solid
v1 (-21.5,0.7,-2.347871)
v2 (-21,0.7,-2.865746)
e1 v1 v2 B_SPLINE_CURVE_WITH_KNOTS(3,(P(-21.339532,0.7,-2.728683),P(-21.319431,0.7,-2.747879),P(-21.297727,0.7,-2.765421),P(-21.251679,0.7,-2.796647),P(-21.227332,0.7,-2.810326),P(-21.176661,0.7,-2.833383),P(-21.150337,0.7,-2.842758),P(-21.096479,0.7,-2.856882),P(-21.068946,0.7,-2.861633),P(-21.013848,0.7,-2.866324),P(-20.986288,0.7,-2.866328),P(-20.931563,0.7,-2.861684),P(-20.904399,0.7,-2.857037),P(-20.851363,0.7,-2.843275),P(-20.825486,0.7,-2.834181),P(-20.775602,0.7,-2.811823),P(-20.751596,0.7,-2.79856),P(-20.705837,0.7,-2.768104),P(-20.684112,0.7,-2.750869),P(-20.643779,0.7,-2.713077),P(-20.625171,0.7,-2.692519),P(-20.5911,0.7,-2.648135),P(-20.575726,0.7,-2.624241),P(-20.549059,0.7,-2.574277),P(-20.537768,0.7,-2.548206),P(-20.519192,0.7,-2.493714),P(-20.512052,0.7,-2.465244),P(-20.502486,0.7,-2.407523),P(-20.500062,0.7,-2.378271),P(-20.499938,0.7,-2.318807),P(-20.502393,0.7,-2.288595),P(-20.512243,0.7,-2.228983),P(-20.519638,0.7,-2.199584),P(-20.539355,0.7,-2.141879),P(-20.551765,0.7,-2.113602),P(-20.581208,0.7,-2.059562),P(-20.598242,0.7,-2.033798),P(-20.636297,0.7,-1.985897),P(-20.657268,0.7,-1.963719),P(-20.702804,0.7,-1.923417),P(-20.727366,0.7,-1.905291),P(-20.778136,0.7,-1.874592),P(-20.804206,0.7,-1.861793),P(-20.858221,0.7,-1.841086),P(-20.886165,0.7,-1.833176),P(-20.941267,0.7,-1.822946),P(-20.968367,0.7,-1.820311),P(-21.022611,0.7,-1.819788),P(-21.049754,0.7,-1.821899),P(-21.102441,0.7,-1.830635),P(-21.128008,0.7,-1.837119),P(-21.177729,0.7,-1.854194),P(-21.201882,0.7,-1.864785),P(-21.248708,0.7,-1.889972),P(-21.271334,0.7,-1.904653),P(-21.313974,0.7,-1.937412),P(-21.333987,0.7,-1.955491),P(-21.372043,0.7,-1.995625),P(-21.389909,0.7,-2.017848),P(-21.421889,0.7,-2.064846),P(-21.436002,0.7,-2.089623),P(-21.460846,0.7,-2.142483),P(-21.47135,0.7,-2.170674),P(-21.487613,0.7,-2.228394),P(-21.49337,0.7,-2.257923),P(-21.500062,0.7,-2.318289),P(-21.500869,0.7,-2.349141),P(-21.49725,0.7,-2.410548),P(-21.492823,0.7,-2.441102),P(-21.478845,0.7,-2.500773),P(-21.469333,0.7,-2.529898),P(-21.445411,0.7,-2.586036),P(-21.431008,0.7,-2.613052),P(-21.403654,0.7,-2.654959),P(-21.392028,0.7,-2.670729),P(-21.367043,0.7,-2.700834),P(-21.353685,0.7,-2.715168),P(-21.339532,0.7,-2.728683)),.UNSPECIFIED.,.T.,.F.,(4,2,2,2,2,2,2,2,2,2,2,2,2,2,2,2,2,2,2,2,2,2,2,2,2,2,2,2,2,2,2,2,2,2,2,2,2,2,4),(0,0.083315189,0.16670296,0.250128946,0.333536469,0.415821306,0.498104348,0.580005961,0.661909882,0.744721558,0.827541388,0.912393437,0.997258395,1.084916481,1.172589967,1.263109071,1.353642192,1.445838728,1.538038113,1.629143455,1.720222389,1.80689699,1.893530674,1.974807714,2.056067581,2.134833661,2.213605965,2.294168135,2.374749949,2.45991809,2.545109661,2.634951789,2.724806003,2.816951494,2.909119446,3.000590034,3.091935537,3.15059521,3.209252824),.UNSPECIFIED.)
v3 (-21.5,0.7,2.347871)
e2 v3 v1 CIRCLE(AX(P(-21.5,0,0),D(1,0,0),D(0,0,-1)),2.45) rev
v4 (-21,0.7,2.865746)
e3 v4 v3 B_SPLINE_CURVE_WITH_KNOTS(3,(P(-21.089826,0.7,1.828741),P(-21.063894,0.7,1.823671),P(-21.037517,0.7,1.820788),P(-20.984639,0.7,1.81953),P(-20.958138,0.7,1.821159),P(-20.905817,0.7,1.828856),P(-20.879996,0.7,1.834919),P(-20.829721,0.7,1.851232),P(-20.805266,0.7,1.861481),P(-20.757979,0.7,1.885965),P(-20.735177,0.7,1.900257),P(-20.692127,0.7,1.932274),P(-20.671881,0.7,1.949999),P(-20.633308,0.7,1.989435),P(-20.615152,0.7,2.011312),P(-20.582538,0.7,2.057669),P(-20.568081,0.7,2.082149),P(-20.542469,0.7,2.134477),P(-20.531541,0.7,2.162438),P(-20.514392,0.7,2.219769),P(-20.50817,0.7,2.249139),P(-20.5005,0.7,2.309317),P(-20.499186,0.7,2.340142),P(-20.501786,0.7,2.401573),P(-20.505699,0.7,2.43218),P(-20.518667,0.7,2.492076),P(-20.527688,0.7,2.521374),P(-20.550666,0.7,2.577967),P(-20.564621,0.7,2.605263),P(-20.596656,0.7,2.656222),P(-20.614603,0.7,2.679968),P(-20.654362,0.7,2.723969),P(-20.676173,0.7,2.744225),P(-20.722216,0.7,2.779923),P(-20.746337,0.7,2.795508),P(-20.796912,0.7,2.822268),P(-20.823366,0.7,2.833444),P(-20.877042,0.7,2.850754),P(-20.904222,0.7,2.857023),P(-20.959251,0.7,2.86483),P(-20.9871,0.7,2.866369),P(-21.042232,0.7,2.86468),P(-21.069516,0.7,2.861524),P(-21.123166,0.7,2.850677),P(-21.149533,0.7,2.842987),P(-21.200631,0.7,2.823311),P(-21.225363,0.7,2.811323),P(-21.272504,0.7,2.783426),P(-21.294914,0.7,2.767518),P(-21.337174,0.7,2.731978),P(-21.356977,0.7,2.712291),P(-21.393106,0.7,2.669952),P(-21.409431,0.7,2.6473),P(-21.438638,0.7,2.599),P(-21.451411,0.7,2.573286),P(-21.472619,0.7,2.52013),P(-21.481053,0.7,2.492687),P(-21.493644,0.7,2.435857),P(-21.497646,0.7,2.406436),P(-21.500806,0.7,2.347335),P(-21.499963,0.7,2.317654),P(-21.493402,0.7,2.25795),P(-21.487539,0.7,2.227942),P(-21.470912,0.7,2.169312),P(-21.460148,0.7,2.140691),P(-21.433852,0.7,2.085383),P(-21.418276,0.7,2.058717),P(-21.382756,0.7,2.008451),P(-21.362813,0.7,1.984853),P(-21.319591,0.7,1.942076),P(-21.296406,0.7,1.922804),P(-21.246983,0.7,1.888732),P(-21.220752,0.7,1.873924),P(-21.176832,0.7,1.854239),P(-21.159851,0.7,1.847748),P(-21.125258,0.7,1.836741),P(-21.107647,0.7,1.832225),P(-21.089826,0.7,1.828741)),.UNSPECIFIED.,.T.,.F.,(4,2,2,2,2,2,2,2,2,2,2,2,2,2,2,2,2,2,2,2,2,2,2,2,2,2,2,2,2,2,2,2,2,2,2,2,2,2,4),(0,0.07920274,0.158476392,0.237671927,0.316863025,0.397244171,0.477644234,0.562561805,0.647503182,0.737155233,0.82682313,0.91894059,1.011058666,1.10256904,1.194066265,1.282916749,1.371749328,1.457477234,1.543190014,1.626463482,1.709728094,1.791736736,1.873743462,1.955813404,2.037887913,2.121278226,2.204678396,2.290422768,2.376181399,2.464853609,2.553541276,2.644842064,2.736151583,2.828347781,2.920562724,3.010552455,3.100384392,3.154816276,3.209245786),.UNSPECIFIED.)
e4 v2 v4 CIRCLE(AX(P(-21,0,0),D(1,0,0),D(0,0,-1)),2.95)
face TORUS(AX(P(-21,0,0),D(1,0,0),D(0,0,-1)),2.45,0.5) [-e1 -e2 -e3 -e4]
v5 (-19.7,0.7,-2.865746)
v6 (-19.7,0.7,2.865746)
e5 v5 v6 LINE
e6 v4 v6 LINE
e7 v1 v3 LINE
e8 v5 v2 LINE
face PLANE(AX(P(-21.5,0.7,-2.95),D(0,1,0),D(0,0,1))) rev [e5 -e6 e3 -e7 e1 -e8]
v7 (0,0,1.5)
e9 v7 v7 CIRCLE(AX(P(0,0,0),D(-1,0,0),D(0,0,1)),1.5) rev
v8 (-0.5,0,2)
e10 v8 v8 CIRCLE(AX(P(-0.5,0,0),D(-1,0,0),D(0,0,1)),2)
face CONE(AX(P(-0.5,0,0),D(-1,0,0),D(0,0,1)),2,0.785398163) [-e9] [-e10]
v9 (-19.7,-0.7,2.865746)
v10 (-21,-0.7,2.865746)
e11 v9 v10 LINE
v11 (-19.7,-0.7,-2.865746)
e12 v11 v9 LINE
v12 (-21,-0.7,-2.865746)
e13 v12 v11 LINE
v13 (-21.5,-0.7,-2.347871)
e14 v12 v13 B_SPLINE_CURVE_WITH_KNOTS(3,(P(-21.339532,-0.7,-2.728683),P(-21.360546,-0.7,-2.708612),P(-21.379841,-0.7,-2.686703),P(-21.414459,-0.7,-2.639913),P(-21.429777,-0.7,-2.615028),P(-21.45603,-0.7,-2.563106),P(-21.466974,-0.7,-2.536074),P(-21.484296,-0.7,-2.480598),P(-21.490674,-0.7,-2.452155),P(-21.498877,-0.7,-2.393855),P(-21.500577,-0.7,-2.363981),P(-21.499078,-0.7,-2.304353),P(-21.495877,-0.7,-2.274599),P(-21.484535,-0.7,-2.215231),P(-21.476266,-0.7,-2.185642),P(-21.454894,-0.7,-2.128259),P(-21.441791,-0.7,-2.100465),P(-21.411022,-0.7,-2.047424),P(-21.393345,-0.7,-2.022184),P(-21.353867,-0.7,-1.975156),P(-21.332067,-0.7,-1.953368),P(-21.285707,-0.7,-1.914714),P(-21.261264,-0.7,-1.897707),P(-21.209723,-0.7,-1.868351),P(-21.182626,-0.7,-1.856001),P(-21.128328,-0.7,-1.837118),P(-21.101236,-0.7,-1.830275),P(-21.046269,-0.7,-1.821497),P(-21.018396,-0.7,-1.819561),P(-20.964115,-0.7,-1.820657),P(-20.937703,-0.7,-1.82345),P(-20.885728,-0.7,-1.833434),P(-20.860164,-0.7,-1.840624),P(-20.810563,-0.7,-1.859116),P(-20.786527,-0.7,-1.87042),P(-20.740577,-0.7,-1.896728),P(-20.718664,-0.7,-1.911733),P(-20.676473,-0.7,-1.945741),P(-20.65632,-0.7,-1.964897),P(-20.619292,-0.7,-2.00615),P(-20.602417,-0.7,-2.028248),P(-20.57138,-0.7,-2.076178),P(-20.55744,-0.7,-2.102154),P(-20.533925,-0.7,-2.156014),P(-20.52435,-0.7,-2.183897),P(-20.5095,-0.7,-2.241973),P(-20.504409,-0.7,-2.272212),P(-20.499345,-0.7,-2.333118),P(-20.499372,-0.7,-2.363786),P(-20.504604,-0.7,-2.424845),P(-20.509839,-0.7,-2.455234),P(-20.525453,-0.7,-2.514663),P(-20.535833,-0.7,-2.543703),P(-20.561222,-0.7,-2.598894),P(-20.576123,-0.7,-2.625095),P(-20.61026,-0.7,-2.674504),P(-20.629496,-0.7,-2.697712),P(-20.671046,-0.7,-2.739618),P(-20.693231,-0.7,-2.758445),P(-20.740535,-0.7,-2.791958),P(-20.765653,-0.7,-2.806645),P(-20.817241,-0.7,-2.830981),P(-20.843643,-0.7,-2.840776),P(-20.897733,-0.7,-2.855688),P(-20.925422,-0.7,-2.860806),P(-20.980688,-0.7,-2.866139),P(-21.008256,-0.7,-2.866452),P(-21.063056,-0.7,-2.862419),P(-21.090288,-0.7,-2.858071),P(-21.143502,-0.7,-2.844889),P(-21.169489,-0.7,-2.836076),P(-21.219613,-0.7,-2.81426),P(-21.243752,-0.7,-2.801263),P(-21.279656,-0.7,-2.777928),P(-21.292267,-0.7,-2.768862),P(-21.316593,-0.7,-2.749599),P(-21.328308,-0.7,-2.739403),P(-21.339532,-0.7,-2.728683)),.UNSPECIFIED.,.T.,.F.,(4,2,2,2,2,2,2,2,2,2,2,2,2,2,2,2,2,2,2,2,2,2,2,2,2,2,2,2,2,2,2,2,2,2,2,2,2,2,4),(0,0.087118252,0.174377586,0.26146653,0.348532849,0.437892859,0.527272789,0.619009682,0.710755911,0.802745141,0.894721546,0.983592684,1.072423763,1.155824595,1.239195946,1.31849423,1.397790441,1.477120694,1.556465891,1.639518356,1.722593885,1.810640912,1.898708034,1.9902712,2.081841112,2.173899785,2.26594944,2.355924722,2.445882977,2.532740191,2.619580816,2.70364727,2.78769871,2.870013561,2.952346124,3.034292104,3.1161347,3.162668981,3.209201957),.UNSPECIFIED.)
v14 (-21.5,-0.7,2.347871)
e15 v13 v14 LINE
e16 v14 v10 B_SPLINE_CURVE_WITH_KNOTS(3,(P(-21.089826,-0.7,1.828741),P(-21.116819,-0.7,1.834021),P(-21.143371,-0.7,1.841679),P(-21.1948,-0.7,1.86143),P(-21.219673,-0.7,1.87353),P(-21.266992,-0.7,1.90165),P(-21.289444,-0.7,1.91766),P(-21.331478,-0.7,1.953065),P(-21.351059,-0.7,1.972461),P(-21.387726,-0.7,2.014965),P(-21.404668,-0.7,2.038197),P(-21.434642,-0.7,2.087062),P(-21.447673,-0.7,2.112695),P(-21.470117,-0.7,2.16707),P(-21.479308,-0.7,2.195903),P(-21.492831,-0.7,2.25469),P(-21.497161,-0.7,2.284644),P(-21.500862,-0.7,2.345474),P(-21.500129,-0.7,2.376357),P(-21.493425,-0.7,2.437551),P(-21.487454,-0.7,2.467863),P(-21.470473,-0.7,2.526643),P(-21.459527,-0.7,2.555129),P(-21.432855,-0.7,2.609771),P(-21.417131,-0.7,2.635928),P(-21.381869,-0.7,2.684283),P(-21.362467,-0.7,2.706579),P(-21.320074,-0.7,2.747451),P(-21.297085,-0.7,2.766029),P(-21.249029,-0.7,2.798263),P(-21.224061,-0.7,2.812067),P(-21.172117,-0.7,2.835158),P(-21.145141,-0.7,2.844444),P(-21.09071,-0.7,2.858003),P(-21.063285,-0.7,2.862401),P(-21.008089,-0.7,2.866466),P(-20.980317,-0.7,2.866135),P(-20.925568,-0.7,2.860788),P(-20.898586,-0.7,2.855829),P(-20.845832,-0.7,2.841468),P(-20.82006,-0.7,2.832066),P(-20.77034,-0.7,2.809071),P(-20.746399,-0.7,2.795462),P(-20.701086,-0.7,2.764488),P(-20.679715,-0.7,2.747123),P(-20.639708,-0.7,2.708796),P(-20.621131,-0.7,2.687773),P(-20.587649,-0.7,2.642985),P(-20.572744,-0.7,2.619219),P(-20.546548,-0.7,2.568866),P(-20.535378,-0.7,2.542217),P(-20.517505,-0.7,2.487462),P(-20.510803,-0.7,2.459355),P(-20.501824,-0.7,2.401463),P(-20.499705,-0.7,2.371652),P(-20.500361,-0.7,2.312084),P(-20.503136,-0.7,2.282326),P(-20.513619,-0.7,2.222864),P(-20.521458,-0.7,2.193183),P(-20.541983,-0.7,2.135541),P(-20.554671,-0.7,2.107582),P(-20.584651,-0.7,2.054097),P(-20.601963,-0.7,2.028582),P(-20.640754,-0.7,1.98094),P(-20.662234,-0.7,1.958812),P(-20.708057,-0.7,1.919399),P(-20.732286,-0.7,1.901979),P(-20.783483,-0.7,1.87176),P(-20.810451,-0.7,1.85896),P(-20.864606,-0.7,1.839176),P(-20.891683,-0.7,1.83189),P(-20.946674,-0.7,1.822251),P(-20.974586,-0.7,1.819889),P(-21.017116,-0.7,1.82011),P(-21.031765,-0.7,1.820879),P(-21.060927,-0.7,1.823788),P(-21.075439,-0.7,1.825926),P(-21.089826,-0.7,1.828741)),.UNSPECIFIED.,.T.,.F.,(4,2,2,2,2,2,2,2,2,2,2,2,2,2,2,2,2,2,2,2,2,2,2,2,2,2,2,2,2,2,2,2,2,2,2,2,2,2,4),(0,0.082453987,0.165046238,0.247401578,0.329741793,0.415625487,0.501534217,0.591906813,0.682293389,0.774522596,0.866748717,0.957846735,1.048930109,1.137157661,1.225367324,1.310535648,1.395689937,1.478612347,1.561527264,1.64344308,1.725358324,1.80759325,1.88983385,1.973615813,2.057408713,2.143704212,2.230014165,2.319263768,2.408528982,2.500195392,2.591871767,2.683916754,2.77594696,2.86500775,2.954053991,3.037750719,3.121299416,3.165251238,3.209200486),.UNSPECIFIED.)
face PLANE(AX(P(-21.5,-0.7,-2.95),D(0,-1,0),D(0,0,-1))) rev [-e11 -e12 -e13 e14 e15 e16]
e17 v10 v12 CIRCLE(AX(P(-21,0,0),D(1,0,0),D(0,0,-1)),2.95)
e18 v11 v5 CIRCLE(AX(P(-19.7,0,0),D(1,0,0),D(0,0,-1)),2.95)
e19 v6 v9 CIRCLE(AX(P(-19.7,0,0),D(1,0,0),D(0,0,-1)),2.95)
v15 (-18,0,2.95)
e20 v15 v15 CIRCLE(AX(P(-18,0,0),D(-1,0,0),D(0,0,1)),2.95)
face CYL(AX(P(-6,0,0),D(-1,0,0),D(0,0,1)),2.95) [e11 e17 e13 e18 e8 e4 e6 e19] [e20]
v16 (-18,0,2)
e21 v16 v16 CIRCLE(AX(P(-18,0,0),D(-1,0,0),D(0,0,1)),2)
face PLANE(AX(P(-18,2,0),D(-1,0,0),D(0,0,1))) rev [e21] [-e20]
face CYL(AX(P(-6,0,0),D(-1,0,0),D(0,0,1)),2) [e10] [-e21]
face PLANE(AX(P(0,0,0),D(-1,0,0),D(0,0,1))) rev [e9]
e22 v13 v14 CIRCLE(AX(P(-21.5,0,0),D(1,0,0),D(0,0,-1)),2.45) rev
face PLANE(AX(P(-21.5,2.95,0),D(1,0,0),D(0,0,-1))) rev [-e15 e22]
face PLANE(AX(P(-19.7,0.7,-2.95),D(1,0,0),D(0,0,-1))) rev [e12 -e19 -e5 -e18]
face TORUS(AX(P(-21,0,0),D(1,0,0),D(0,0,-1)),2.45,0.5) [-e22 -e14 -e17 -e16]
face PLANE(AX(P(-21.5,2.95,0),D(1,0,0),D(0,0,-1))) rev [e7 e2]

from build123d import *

# Parameters (mm, degrees)
CHANFREIN1_SIZE              = 0.5
CONG_1_R                     = 0.5
ENL_V_MAT_EXTRU_1_DEPTH      = 22.901027373
ENL_V_MAT_EXTRU_1_DEPTH_BACK = 22.901027373
ESQUISSE2_W                  = 1.8
ESQUISSE2_H                  = 1.4


with BuildPart() as part:
    # Esquisse1 → Révolution1 (revolve)
    with BuildSketch(Plane.XY, mode=Mode.PRIVATE) as r_volution1_sk:
        Polygon((0, 0), (0, 2), (-18, 2), (-18, 2.95), (-21.5, 2.95), (-21.5, 0), align=None)
    revolve(r_volution1_sk.sketch.rotate(Axis((-6, 0, 0), (1, 0, 0)), 90), axis=Axis((-6, 0, 0), (1, 0, 0)))

    # Chanfrein1
    chanfrein1_edges = [part.edges().sort_by_distance(p)[0] for p in [
        (0, 0, -2),
    ]]
    chamfer(chanfrein1_edges, length=CHANFREIN1_SIZE)

    # Congé1
    cong_1_edges = [part.edges().sort_by_distance(p)[0] for p in [
        (-21.5, 0, -2.95),
    ]]
    fillet(cong_1_edges, radius=CONG_1_R)

    # Esquisse2 → Enlèv. mat.-Extru.1 (cut, two sides: drawn at the far end of the back side and taken through both)
    with BuildSketch(Plane.XY.offset(-ENL_V_MAT_EXTRU_1_DEPTH_BACK)):
        with Locations((-20.6, 0)):
            Rectangle(ESQUISSE2_W, ESQUISSE2_H)
    extrude(amount=ENL_V_MAT_EXTRU_1_DEPTH + ENL_V_MAT_EXTRU_1_DEPTH_BACK, mode=Mode.SUBTRACT)


solid = part.part
